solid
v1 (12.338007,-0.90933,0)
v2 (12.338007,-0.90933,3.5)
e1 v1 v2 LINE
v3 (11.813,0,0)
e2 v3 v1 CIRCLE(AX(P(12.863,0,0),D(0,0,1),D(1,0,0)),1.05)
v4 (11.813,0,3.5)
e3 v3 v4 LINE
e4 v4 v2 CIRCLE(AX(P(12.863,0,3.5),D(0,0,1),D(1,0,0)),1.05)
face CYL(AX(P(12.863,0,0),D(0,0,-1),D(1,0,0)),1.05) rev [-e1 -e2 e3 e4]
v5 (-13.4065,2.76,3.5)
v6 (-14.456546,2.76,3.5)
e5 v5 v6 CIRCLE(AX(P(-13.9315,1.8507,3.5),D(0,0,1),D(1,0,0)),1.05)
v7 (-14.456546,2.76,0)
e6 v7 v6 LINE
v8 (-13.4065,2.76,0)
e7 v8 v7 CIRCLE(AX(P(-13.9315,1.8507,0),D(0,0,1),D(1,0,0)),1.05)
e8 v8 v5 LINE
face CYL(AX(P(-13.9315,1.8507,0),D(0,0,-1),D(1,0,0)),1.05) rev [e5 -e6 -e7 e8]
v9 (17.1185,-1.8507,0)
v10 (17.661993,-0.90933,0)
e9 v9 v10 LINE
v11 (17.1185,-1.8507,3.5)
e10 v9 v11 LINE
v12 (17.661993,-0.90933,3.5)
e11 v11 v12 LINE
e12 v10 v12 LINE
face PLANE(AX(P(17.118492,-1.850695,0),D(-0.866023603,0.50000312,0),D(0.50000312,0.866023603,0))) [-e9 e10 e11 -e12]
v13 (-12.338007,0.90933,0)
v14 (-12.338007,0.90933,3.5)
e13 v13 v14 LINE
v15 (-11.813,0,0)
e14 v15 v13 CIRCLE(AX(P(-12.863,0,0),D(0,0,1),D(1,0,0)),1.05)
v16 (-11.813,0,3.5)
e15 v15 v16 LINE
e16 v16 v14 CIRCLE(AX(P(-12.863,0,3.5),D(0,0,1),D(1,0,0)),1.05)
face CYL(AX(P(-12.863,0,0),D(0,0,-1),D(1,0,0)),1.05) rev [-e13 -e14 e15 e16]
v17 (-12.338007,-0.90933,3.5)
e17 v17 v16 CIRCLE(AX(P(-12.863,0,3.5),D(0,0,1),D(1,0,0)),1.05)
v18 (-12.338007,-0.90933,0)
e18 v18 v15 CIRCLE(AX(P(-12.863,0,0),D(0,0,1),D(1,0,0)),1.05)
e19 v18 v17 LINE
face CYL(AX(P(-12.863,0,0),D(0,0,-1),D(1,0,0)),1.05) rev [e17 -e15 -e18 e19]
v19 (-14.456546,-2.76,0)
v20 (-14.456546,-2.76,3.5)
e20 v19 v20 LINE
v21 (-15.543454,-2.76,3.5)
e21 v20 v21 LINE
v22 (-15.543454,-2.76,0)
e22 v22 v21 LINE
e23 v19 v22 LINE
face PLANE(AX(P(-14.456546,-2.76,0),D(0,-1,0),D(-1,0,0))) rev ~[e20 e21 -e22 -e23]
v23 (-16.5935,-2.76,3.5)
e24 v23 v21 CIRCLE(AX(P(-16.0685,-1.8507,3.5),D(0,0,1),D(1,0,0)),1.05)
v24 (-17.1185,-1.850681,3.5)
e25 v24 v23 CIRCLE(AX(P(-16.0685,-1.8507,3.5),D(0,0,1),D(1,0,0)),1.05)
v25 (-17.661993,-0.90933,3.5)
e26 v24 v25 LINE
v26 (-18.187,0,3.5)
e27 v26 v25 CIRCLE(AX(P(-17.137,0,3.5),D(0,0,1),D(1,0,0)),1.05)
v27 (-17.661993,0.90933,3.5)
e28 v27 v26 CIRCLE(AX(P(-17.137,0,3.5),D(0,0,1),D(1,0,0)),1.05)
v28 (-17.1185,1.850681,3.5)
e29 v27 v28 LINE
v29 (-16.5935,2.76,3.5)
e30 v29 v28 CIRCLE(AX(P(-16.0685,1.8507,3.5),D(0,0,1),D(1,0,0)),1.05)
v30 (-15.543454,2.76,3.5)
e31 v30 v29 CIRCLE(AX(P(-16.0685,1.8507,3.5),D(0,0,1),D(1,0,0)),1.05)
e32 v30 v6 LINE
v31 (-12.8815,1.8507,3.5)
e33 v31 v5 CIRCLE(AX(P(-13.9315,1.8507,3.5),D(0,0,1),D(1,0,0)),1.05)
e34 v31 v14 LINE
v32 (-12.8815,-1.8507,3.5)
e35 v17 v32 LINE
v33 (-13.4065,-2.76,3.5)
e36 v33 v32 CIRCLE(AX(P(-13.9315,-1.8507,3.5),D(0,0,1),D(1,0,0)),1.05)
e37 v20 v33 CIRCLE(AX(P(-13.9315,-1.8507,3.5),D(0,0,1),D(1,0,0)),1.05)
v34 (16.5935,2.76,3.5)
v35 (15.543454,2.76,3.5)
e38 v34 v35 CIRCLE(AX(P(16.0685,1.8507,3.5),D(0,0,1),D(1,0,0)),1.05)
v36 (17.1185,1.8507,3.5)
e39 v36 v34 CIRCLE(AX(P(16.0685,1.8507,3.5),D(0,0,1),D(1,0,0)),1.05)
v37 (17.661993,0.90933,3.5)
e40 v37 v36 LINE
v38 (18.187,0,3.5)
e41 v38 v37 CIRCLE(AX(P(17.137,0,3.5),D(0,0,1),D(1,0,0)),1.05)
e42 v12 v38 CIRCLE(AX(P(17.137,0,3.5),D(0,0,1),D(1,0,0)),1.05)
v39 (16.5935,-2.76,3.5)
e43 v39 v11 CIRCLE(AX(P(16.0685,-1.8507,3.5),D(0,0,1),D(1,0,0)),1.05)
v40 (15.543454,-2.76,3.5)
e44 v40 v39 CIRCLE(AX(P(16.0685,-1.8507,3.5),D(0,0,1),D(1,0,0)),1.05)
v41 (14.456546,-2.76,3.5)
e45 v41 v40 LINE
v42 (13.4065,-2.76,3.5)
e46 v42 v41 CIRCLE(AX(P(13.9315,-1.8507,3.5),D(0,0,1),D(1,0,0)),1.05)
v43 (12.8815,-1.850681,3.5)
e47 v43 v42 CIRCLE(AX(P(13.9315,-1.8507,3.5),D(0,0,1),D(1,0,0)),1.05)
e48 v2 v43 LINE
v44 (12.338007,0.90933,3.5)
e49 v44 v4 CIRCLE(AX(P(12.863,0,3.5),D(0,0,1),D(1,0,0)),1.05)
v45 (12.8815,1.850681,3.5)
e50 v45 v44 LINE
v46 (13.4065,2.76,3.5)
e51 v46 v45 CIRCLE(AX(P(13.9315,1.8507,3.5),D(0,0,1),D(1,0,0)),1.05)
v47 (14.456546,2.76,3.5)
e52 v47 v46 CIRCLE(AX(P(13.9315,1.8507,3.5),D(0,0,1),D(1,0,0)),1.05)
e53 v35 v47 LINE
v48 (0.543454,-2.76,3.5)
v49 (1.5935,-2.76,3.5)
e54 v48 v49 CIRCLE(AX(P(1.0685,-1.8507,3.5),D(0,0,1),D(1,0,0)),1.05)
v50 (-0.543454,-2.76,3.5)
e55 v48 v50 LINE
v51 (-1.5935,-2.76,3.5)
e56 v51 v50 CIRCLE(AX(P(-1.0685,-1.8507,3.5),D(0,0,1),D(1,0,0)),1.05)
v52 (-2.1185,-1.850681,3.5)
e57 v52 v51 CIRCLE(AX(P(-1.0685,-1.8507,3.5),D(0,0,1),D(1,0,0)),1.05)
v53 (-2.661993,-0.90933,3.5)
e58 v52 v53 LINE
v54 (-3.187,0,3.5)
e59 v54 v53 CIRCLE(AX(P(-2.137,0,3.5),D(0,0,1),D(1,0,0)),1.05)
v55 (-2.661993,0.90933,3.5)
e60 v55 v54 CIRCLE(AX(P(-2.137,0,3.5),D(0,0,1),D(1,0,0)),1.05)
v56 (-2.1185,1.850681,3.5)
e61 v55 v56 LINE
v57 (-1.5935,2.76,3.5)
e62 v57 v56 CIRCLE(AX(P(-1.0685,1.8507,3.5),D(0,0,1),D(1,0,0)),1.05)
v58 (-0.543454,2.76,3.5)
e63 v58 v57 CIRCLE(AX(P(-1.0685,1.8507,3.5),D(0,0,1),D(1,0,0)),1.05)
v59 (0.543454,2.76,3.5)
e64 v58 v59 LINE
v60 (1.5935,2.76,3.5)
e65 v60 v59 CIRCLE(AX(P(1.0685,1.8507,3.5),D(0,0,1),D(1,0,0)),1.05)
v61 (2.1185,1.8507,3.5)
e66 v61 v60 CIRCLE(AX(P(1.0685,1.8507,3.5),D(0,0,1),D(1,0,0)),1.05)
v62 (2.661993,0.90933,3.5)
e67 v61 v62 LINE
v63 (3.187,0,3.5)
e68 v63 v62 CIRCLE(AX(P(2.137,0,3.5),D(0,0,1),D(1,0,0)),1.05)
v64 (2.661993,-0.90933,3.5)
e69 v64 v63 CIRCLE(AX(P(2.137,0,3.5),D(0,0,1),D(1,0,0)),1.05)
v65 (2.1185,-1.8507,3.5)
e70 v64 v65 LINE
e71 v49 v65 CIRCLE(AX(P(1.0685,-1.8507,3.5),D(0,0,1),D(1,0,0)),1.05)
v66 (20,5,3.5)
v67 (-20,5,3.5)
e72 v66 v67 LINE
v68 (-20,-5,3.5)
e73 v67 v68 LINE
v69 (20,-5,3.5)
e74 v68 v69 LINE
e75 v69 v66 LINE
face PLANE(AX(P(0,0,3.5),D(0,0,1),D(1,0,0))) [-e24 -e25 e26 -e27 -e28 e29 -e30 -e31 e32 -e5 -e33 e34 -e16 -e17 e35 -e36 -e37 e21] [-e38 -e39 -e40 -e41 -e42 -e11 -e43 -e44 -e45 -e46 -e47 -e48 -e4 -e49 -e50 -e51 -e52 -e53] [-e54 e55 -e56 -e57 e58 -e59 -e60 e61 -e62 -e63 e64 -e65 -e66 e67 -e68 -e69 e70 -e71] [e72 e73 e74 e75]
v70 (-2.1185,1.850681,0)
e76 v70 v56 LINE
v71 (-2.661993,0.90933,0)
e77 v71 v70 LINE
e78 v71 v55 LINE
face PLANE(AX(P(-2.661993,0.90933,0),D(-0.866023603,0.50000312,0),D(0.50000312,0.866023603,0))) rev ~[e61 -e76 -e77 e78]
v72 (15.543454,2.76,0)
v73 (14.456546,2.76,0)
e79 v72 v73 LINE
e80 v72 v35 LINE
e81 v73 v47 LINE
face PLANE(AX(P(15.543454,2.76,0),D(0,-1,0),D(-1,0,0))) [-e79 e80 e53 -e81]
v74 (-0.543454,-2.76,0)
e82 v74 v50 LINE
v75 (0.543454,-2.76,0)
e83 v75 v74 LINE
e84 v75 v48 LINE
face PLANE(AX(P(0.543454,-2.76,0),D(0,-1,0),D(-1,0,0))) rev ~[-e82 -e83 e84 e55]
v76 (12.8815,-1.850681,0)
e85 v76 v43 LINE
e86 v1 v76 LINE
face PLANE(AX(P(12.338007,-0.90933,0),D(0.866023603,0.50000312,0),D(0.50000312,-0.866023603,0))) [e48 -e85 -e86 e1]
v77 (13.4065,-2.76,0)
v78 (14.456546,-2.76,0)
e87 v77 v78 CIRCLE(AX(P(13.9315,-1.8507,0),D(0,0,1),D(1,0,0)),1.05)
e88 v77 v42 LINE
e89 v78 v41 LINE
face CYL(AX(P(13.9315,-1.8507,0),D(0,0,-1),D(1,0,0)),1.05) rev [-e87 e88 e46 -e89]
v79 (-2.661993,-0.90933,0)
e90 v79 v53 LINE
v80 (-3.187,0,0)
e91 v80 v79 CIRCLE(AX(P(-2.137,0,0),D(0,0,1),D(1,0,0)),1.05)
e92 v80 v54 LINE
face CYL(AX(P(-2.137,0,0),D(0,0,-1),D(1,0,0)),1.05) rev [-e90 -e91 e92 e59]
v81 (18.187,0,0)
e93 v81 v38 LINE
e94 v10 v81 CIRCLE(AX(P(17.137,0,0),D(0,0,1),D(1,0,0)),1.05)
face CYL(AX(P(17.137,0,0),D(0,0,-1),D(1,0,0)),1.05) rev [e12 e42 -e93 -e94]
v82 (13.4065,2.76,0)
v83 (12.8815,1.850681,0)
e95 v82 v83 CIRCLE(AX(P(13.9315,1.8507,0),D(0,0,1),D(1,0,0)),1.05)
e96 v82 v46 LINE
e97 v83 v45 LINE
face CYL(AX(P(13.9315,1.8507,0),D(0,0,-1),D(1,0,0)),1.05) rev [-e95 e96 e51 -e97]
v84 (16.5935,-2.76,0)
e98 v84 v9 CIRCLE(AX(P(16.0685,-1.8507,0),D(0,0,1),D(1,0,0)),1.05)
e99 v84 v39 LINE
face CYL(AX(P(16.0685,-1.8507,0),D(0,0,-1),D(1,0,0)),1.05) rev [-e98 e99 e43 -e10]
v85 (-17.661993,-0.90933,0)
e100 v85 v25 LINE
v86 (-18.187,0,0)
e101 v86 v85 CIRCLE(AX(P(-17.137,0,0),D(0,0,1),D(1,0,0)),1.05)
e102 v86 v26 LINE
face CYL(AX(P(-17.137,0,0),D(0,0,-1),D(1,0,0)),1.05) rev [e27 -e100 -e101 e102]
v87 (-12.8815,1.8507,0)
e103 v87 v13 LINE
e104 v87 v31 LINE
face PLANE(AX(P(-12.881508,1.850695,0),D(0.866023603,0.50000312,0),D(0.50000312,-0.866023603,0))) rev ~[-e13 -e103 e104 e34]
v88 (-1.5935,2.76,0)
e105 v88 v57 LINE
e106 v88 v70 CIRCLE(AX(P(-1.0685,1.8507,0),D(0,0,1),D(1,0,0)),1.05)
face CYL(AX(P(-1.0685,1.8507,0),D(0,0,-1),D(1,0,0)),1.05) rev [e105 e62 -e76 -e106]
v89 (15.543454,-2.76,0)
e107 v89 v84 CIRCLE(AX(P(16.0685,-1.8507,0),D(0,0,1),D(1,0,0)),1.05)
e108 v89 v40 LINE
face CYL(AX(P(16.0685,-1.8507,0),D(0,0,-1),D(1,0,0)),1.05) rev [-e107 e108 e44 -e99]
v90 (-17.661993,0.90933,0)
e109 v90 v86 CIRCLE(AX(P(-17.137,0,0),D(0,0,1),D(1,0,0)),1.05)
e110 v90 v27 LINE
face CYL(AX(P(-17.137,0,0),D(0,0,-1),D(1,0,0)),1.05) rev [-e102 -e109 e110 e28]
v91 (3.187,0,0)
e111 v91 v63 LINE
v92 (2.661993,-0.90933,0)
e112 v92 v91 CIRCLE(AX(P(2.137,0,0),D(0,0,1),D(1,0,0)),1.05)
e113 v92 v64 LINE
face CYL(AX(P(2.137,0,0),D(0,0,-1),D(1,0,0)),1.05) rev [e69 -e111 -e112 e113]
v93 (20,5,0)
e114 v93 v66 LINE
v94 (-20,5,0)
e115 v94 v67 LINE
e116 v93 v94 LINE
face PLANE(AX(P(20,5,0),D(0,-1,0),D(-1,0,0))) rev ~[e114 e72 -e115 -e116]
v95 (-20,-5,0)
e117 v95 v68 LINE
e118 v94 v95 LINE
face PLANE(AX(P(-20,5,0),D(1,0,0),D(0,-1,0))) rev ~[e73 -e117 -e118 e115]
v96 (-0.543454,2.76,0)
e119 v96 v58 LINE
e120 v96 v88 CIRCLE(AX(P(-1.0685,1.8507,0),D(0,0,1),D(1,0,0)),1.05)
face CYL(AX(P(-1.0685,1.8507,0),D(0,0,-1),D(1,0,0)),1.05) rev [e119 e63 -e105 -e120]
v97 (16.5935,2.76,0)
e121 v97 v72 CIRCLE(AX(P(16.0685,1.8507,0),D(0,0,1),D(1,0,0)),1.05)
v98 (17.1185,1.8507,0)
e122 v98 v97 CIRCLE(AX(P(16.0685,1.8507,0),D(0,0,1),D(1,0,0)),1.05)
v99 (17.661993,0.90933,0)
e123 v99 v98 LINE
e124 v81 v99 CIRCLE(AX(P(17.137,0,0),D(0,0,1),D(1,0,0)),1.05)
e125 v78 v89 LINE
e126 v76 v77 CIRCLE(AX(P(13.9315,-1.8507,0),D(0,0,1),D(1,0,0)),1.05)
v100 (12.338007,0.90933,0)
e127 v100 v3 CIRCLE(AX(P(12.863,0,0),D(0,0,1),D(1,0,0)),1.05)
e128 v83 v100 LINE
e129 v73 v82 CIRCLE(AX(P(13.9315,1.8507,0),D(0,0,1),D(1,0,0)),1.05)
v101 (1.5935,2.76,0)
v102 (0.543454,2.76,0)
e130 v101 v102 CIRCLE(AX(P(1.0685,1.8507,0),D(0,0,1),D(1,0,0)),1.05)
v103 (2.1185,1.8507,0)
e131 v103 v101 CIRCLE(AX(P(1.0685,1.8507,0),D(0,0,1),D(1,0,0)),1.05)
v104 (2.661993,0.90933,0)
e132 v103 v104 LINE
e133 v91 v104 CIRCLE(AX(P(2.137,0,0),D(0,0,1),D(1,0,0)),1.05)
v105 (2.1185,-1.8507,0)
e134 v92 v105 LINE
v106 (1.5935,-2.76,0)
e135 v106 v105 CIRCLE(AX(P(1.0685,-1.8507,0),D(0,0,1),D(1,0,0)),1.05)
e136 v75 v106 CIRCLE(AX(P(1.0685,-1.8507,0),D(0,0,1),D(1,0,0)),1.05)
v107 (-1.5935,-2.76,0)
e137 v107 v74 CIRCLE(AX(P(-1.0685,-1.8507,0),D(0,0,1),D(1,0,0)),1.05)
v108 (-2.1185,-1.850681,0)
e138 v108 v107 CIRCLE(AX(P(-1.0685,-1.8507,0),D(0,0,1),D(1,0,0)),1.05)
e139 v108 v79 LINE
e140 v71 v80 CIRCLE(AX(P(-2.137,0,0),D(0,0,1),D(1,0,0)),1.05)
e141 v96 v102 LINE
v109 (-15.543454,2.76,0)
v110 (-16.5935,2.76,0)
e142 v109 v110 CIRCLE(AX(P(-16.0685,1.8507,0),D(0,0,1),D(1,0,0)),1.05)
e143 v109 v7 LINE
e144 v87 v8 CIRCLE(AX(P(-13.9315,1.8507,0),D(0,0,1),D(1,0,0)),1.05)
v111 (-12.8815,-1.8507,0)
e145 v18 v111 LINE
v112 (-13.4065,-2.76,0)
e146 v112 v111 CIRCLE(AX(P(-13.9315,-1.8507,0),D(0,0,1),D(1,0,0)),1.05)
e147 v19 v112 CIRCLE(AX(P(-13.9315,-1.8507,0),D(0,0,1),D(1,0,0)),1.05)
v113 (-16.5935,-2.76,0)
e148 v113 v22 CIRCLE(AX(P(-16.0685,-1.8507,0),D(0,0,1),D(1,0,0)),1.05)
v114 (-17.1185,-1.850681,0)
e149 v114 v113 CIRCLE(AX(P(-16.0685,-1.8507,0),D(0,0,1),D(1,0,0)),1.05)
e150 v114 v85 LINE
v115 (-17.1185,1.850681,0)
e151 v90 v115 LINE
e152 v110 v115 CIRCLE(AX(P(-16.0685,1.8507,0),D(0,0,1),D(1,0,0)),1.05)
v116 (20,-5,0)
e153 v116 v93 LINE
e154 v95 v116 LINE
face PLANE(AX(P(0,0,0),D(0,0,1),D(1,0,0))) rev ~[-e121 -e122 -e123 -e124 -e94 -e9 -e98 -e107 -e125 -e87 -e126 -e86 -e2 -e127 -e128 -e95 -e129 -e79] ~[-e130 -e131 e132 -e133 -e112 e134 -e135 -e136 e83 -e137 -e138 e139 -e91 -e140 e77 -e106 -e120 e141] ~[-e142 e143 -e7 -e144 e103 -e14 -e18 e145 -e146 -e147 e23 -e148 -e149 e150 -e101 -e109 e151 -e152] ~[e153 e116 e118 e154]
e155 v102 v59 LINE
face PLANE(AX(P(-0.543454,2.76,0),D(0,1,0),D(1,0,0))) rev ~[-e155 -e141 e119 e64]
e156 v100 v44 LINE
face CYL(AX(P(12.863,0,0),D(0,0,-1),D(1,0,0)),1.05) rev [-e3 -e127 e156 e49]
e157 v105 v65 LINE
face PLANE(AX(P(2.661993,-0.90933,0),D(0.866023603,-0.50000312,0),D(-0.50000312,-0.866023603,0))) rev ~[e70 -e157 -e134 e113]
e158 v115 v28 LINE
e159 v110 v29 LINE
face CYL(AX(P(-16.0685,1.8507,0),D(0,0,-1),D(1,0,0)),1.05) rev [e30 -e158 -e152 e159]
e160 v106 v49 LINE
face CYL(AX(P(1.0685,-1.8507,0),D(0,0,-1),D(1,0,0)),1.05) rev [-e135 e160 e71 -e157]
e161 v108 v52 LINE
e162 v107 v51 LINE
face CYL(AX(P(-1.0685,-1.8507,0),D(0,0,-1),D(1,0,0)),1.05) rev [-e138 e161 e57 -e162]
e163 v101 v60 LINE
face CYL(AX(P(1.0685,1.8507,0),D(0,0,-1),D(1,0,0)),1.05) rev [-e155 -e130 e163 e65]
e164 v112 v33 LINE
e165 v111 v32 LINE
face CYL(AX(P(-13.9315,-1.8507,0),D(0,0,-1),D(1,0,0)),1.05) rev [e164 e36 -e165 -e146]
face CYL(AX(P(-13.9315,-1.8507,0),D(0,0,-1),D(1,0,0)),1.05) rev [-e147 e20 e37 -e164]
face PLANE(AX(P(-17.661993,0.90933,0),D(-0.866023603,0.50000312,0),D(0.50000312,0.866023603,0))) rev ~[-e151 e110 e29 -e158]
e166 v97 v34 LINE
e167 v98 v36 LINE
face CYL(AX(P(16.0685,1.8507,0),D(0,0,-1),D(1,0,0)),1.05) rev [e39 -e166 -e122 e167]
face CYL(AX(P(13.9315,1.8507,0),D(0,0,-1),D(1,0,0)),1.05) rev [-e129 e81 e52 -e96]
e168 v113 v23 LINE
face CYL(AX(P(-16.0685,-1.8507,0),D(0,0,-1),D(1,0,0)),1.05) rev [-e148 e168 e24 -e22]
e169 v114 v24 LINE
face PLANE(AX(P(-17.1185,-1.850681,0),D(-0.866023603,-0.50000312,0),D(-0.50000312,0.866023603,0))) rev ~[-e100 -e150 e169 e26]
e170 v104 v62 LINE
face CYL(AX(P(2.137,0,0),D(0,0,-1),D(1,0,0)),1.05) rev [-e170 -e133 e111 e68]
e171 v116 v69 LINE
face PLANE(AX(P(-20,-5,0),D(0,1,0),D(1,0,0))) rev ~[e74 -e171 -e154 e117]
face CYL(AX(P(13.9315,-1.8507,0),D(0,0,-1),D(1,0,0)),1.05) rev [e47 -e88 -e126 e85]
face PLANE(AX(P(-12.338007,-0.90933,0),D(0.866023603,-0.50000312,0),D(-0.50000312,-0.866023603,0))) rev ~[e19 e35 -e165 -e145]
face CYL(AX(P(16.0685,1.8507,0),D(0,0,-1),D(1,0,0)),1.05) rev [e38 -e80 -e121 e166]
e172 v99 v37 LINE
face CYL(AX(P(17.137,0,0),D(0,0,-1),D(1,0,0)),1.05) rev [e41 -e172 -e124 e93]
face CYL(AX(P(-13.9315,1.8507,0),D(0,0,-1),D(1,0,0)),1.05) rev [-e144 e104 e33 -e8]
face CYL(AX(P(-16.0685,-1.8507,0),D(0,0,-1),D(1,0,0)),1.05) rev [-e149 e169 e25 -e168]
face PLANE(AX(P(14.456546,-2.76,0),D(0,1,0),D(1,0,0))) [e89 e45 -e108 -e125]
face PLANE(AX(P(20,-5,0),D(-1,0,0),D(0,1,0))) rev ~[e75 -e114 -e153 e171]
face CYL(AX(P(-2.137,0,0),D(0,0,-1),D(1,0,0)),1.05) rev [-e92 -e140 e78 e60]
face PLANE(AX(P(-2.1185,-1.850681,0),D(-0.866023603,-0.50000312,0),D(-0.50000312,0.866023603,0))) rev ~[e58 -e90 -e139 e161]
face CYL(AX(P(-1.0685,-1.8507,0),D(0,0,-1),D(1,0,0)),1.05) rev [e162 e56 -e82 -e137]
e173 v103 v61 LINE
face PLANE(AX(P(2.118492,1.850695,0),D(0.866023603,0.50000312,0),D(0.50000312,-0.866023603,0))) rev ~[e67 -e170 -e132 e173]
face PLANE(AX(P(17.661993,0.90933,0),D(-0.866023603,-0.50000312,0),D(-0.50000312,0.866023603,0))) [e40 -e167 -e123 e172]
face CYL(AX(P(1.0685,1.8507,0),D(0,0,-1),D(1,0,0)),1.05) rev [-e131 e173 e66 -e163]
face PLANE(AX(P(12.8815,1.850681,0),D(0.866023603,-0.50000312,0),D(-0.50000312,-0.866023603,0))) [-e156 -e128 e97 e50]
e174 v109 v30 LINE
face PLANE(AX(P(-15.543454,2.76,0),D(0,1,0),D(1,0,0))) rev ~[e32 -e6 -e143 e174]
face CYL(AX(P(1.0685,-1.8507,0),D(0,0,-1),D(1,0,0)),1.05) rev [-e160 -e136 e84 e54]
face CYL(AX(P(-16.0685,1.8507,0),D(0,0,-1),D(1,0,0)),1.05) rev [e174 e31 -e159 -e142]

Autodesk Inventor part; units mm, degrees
ref_plane "YZ Plane" through (0, 0, 0) normal (1, 0, 0) x (0, 1, 0)
ref_plane "XZ Plane" through (0, 0, 0) normal (0, 1, 0) x (-1, 0, 0)
ref_plane "XY Plane" through (0, 0, 0) normal (0, 0, 1) x (1, 0, 0)
sketch "スケッチ1" plane through (0, 0, 0) normal (0, 0, 1) x (1, 0, 0)
  line L0 (-20, -5) -> (20, -5)
  line L1 (20, -5) -> (20, 5)
  line L2 (20, 5) -> (-20, 5)
  line L3 (-20, 5) -> (-20, -5)
  line L4 (-20, -5) -> (20, 5) construction
  line L5 (20, -5) -> (-20, 5) construction
  circle A0 centre (-15, 0) radius 1.55
  circle A1 centre (0, 0) radius 1.55
  line L6 (0, 0) -> (0, 5) construction
  line L7 (-12.5995, 5) -> (4.4005, 5) construction
  line L8 (-8.5, -4) -> (8.5, -4) construction
  line L9 (-13.4065, -2.76) -> (-16.5935, -2.76)
  line L10 (-16.5935, -2.76) -> (-18.187, 0)
  line L11 (-18.187, 0) -> (-16.5935, 2.76)
  line L12 (-16.5935, 2.76) -> (-13.4065, 2.76)
  line L13 (-13.4065, 2.76) -> (-11.813, 0)
  line L14 (-11.813, 0) -> (-13.4065, -2.76)
  circle A2 centre (-17.137, 0) radius 1.05
  circle A3 centre (-16.0685, -1.8507) radius 1.05
  circle A4 centre (-13.9315, -1.8507) radius 1.05
  circle A5 centre (-12.863, 0) radius 1.05
  circle A6 centre (-13.9315, 1.8507) radius 1.05
  circle A7 centre (-16.0685, 1.8507) radius 1.05
  circle A8 centre (15, 0) radius 1.55
  line L15 (13.4065, -2.76) -> (16.5935, -2.76)
  line L16 (16.5935, -2.76) -> (18.187, 0)
  line L17 (18.187, 0) -> (16.5935, 2.76)
  line L18 (16.5935, 2.76) -> (13.4065, 2.76)
  line L19 (13.4065, 2.76) -> (11.813, 0)
  line L20 (11.813, 0) -> (13.4065, -2.76)
  circle A9 centre (17.137, 0) radius 1.05
  circle A10 centre (16.0685, -1.8507) radius 1.05
  circle A11 centre (13.9315, -1.8507) radius 1.05
  circle A12 centre (12.863, 0) radius 1.05
  circle A13 centre (13.9315, 1.8507) radius 1.05
  circle A14 centre (16.0685, 1.8507) radius 1.05
  circle A15 centre (-15, 0) radius 5 construction
  line L21 (1.5935, -2.76) -> (-1.5935, -2.76)
  line L22 (-1.5935, -2.76) -> (-3.187, 0)
  line L23 (-3.187, 0) -> (-1.5935, 2.76)
  line L24 (-1.5935, 2.76) -> (1.5935, 2.76)
  line L25 (1.5935, 2.76) -> (3.187, 0)
  line L26 (3.187, 0) -> (1.5935, -2.76)
  circle A16 centre (-2.137, 0) radius 1.05
  circle A17 centre (-1.0685, -1.8507) radius 1.05
  circle A18 centre (1.0685, -1.8507) radius 1.05
  circle A19 centre (2.137, 0) radius 1.05
  circle A20 centre (1.0685, 1.8507) radius 1.05
  circle A21 centre (-1.0685, 1.8507) radius 1.05
  point P0 (-16.5935, -2.76)
  point P1 (-13.4065, -2.76)
  point P2 (-11.813, 0)
  point P3 (-13.4065, 2.76)
  point P4 (-16.5935, 2.76)
  point P5 (16.5935, -2.76)
  point P6 (13.4065, -2.76)
  point P7 (11.813, 0)
  point P8 (13.4065, 2.76)
  point P9 (16.5935, 2.76)
  point P10 (-1.5935, -2.76)
  point P11 (1.5935, -2.76)
  point P12 (3.187, 0)
  point P13 (1.5935, 2.76)
  dimension "d19" = 2.1
  dimension "d1" = 3.1
  dimension "d4" = 15
  dimension "d5" = 10
  dimension "d20" = 5.52
  dimension "d23" = 360
  dimension "d33" = 360
extrude "押し出し1" add sketch "スケッチ1" along normal blind 3.5
properties part number "胴体_サブフレーム_1_2" material "アセタール樹脂、黒"
